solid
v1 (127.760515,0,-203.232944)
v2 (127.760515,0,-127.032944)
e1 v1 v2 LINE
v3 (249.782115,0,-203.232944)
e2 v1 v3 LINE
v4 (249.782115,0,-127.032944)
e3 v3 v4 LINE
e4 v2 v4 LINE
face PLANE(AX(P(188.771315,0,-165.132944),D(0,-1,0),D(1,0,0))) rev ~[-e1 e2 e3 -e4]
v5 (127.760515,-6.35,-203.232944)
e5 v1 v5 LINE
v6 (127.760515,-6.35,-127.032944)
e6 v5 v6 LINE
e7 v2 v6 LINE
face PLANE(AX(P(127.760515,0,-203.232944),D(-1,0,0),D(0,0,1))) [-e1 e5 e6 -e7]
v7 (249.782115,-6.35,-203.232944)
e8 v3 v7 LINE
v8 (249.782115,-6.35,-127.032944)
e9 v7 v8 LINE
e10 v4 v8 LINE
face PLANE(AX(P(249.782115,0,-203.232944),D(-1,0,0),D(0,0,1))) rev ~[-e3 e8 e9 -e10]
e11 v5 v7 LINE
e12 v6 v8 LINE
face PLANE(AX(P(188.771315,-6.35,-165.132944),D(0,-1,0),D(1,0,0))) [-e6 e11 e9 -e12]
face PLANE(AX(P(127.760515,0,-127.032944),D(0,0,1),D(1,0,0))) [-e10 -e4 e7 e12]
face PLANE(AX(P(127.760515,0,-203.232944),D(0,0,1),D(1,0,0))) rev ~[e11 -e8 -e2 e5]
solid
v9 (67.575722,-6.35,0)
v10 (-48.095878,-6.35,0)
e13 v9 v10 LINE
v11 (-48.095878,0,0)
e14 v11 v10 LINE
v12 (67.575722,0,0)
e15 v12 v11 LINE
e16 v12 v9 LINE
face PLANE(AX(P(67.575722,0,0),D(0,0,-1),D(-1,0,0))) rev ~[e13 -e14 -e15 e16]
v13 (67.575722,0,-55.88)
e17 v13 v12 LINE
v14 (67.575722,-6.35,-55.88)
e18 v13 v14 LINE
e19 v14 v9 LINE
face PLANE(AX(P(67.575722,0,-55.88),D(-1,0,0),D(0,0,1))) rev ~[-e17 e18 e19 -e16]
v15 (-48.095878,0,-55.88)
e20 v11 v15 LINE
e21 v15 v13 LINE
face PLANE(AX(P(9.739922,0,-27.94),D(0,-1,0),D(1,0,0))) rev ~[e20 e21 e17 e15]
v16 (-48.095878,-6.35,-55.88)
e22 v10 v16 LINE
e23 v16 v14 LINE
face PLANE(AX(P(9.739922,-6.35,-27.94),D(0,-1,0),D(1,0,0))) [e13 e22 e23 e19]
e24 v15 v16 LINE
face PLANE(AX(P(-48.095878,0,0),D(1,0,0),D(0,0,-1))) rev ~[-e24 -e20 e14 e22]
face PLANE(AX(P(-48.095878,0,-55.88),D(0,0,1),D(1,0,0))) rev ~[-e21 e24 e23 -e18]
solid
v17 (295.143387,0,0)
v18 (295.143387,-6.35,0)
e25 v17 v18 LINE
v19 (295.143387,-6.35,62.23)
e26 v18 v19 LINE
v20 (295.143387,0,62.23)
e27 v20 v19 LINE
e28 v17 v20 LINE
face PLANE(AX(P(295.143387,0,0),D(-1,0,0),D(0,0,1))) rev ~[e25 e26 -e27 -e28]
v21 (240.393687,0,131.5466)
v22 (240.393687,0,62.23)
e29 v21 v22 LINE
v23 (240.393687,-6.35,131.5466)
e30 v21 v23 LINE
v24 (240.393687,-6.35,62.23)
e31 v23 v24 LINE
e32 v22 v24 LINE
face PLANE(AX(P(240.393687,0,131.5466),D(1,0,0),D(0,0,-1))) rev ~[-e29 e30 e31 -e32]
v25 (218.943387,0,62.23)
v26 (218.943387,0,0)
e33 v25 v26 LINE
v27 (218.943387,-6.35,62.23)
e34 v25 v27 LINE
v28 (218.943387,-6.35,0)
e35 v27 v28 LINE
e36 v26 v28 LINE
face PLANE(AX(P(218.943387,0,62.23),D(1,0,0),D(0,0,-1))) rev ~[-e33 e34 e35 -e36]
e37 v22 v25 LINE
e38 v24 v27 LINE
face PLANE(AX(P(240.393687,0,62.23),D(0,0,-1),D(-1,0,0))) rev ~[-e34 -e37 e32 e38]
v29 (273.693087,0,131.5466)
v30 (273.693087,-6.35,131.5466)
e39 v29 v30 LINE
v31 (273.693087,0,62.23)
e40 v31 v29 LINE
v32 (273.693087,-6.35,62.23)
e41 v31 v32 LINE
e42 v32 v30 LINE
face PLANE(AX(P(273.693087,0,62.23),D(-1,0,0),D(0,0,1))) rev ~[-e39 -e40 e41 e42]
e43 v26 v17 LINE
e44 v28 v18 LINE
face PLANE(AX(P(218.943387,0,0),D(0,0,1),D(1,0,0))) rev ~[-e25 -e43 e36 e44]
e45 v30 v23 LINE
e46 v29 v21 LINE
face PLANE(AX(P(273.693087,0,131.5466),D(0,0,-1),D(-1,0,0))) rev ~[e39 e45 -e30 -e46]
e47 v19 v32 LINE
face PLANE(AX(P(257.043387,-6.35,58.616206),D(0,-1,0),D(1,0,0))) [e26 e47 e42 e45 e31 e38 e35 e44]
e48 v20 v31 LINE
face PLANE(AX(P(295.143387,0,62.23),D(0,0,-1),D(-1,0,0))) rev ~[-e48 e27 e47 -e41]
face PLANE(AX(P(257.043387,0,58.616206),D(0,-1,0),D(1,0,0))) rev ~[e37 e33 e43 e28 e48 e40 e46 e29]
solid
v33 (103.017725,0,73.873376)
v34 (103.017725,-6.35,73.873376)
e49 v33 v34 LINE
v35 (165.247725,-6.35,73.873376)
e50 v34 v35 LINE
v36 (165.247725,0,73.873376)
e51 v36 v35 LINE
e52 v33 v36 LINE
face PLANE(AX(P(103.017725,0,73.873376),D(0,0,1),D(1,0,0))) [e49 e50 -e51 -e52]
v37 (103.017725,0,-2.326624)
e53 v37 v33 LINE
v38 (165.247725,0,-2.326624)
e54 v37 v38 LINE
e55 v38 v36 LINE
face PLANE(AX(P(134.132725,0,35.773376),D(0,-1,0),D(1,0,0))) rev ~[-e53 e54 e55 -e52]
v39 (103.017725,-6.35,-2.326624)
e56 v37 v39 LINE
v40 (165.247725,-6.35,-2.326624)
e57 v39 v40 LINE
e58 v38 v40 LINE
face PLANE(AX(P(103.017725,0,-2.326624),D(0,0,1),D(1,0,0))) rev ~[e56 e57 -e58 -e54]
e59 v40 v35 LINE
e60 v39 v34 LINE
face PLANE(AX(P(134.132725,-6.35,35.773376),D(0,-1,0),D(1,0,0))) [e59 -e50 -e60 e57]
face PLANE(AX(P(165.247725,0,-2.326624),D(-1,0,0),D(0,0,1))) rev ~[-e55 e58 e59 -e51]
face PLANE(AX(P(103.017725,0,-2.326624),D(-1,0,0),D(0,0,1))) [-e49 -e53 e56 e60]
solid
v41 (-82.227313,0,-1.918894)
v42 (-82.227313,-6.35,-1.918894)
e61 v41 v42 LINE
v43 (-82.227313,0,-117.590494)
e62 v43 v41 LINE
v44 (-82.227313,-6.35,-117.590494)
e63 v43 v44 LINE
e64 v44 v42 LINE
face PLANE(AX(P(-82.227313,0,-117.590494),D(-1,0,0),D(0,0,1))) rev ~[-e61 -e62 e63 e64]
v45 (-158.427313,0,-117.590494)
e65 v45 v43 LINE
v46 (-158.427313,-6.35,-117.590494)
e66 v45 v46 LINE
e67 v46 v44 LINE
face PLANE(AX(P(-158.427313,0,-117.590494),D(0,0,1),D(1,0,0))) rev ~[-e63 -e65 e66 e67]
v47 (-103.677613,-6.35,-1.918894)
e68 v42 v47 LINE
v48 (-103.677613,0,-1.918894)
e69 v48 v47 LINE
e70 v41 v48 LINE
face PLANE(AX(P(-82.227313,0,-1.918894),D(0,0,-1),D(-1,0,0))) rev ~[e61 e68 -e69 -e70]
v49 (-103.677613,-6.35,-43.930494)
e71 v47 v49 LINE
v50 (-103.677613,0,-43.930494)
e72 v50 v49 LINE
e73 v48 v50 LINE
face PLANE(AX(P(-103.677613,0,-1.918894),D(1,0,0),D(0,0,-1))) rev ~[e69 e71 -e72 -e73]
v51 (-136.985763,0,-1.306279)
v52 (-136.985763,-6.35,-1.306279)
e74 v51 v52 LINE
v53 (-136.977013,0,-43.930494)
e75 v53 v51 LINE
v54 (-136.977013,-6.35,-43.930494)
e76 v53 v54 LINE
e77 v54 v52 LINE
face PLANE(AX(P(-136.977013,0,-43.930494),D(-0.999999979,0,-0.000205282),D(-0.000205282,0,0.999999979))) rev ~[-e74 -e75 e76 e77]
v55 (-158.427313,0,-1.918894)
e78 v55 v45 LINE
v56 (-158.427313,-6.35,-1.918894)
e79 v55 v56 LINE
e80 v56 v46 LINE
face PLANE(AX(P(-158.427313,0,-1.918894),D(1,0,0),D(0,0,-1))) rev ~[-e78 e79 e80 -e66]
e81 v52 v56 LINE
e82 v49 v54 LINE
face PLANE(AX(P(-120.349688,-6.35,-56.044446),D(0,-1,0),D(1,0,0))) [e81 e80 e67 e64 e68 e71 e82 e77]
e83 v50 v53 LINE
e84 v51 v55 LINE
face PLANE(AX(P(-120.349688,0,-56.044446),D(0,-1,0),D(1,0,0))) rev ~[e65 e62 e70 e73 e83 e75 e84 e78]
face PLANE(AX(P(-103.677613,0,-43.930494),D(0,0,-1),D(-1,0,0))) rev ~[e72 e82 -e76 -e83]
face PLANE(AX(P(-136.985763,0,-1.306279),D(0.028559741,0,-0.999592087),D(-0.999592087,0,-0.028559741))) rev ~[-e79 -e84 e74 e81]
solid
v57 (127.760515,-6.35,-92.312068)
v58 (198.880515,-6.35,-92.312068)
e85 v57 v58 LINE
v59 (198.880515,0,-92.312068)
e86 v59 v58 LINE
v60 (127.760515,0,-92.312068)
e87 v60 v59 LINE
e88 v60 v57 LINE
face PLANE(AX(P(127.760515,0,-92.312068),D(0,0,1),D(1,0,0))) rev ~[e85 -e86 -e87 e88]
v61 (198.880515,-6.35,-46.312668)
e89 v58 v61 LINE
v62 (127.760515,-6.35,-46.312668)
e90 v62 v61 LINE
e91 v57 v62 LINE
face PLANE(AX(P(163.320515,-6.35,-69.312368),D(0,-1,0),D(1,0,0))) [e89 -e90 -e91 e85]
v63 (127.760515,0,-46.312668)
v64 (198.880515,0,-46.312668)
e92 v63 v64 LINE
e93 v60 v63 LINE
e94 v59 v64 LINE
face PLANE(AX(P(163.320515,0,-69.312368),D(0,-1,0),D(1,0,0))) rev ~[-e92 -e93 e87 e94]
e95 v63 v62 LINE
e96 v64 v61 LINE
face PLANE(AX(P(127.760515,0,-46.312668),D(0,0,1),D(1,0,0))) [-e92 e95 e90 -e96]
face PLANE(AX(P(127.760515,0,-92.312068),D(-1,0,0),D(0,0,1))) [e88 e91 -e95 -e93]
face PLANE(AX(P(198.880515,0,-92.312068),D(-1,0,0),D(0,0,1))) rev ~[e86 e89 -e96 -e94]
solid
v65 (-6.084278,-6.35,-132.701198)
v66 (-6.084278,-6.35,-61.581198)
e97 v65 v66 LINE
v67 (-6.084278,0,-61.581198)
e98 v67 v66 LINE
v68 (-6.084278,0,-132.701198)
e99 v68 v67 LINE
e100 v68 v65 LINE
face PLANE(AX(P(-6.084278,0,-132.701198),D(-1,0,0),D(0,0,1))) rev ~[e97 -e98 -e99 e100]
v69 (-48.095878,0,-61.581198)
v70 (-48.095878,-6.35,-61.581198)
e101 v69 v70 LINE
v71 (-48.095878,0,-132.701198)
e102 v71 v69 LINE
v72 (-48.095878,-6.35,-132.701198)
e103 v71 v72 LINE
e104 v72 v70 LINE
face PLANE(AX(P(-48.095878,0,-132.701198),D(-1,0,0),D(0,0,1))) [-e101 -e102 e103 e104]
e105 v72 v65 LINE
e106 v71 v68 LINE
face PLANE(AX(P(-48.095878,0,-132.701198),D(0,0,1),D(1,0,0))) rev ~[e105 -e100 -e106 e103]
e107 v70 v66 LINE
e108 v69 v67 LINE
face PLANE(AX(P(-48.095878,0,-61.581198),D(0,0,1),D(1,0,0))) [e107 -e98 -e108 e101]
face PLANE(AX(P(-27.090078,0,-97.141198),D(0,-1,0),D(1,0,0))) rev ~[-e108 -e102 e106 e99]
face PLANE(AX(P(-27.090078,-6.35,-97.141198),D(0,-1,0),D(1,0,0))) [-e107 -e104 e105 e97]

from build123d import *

# Parameters (mm, degrees)
F0_W     = 42.0116
F0_H     = 71.12
F0_W_2   = 62.23
F0_H_2   = 76.2
F0_W_3   = 71.12
F0_H_3   = 45.9994
F0_W_4   = 122.0216
F1_DEPTH = 6.35


with BuildPart() as f1:
    # F0 (on Front) → F1 (new body)
    with BuildSketch(Plane.XZ):
        Polygon((-136.985763, -1.306279), (-158.427313, -1.918894), (-158.427313, -117.590494), (-82.227313, -117.590494), (-82.227313, -1.918894), (-103.677613, -1.918894), (-103.677613, -43.930494), (-136.977013, -43.930494), align=None)
        with Locations((-27.090078, -97.141198)):
            Rectangle(F0_W, F0_H)
        Polygon((67.575722, -55.88), (67.575722, 0), (-48.095878, 0), (-48.095878, -55.88), (-6.084278, -55.88), align=None)
        with Locations((134.132725, 35.773376)):
            Rectangle(F0_W_2, F0_H_2)
        Polygon((240.393687, 62.23), (218.943387, 62.23), (218.943387, 0), (295.143387, 0), (295.143387, 62.23), (273.693087, 62.23), (273.693087, 131.5466), (240.393687, 131.5466), align=None)
        with Locations((163.320515, -69.312368)):
            Rectangle(F0_W_3, F0_H_3)
        with Locations((188.771315, -165.132944)):
            Rectangle(F0_W_4, F0_H_2)
    extrude(amount=F1_DEPTH)


solid = f1.part
